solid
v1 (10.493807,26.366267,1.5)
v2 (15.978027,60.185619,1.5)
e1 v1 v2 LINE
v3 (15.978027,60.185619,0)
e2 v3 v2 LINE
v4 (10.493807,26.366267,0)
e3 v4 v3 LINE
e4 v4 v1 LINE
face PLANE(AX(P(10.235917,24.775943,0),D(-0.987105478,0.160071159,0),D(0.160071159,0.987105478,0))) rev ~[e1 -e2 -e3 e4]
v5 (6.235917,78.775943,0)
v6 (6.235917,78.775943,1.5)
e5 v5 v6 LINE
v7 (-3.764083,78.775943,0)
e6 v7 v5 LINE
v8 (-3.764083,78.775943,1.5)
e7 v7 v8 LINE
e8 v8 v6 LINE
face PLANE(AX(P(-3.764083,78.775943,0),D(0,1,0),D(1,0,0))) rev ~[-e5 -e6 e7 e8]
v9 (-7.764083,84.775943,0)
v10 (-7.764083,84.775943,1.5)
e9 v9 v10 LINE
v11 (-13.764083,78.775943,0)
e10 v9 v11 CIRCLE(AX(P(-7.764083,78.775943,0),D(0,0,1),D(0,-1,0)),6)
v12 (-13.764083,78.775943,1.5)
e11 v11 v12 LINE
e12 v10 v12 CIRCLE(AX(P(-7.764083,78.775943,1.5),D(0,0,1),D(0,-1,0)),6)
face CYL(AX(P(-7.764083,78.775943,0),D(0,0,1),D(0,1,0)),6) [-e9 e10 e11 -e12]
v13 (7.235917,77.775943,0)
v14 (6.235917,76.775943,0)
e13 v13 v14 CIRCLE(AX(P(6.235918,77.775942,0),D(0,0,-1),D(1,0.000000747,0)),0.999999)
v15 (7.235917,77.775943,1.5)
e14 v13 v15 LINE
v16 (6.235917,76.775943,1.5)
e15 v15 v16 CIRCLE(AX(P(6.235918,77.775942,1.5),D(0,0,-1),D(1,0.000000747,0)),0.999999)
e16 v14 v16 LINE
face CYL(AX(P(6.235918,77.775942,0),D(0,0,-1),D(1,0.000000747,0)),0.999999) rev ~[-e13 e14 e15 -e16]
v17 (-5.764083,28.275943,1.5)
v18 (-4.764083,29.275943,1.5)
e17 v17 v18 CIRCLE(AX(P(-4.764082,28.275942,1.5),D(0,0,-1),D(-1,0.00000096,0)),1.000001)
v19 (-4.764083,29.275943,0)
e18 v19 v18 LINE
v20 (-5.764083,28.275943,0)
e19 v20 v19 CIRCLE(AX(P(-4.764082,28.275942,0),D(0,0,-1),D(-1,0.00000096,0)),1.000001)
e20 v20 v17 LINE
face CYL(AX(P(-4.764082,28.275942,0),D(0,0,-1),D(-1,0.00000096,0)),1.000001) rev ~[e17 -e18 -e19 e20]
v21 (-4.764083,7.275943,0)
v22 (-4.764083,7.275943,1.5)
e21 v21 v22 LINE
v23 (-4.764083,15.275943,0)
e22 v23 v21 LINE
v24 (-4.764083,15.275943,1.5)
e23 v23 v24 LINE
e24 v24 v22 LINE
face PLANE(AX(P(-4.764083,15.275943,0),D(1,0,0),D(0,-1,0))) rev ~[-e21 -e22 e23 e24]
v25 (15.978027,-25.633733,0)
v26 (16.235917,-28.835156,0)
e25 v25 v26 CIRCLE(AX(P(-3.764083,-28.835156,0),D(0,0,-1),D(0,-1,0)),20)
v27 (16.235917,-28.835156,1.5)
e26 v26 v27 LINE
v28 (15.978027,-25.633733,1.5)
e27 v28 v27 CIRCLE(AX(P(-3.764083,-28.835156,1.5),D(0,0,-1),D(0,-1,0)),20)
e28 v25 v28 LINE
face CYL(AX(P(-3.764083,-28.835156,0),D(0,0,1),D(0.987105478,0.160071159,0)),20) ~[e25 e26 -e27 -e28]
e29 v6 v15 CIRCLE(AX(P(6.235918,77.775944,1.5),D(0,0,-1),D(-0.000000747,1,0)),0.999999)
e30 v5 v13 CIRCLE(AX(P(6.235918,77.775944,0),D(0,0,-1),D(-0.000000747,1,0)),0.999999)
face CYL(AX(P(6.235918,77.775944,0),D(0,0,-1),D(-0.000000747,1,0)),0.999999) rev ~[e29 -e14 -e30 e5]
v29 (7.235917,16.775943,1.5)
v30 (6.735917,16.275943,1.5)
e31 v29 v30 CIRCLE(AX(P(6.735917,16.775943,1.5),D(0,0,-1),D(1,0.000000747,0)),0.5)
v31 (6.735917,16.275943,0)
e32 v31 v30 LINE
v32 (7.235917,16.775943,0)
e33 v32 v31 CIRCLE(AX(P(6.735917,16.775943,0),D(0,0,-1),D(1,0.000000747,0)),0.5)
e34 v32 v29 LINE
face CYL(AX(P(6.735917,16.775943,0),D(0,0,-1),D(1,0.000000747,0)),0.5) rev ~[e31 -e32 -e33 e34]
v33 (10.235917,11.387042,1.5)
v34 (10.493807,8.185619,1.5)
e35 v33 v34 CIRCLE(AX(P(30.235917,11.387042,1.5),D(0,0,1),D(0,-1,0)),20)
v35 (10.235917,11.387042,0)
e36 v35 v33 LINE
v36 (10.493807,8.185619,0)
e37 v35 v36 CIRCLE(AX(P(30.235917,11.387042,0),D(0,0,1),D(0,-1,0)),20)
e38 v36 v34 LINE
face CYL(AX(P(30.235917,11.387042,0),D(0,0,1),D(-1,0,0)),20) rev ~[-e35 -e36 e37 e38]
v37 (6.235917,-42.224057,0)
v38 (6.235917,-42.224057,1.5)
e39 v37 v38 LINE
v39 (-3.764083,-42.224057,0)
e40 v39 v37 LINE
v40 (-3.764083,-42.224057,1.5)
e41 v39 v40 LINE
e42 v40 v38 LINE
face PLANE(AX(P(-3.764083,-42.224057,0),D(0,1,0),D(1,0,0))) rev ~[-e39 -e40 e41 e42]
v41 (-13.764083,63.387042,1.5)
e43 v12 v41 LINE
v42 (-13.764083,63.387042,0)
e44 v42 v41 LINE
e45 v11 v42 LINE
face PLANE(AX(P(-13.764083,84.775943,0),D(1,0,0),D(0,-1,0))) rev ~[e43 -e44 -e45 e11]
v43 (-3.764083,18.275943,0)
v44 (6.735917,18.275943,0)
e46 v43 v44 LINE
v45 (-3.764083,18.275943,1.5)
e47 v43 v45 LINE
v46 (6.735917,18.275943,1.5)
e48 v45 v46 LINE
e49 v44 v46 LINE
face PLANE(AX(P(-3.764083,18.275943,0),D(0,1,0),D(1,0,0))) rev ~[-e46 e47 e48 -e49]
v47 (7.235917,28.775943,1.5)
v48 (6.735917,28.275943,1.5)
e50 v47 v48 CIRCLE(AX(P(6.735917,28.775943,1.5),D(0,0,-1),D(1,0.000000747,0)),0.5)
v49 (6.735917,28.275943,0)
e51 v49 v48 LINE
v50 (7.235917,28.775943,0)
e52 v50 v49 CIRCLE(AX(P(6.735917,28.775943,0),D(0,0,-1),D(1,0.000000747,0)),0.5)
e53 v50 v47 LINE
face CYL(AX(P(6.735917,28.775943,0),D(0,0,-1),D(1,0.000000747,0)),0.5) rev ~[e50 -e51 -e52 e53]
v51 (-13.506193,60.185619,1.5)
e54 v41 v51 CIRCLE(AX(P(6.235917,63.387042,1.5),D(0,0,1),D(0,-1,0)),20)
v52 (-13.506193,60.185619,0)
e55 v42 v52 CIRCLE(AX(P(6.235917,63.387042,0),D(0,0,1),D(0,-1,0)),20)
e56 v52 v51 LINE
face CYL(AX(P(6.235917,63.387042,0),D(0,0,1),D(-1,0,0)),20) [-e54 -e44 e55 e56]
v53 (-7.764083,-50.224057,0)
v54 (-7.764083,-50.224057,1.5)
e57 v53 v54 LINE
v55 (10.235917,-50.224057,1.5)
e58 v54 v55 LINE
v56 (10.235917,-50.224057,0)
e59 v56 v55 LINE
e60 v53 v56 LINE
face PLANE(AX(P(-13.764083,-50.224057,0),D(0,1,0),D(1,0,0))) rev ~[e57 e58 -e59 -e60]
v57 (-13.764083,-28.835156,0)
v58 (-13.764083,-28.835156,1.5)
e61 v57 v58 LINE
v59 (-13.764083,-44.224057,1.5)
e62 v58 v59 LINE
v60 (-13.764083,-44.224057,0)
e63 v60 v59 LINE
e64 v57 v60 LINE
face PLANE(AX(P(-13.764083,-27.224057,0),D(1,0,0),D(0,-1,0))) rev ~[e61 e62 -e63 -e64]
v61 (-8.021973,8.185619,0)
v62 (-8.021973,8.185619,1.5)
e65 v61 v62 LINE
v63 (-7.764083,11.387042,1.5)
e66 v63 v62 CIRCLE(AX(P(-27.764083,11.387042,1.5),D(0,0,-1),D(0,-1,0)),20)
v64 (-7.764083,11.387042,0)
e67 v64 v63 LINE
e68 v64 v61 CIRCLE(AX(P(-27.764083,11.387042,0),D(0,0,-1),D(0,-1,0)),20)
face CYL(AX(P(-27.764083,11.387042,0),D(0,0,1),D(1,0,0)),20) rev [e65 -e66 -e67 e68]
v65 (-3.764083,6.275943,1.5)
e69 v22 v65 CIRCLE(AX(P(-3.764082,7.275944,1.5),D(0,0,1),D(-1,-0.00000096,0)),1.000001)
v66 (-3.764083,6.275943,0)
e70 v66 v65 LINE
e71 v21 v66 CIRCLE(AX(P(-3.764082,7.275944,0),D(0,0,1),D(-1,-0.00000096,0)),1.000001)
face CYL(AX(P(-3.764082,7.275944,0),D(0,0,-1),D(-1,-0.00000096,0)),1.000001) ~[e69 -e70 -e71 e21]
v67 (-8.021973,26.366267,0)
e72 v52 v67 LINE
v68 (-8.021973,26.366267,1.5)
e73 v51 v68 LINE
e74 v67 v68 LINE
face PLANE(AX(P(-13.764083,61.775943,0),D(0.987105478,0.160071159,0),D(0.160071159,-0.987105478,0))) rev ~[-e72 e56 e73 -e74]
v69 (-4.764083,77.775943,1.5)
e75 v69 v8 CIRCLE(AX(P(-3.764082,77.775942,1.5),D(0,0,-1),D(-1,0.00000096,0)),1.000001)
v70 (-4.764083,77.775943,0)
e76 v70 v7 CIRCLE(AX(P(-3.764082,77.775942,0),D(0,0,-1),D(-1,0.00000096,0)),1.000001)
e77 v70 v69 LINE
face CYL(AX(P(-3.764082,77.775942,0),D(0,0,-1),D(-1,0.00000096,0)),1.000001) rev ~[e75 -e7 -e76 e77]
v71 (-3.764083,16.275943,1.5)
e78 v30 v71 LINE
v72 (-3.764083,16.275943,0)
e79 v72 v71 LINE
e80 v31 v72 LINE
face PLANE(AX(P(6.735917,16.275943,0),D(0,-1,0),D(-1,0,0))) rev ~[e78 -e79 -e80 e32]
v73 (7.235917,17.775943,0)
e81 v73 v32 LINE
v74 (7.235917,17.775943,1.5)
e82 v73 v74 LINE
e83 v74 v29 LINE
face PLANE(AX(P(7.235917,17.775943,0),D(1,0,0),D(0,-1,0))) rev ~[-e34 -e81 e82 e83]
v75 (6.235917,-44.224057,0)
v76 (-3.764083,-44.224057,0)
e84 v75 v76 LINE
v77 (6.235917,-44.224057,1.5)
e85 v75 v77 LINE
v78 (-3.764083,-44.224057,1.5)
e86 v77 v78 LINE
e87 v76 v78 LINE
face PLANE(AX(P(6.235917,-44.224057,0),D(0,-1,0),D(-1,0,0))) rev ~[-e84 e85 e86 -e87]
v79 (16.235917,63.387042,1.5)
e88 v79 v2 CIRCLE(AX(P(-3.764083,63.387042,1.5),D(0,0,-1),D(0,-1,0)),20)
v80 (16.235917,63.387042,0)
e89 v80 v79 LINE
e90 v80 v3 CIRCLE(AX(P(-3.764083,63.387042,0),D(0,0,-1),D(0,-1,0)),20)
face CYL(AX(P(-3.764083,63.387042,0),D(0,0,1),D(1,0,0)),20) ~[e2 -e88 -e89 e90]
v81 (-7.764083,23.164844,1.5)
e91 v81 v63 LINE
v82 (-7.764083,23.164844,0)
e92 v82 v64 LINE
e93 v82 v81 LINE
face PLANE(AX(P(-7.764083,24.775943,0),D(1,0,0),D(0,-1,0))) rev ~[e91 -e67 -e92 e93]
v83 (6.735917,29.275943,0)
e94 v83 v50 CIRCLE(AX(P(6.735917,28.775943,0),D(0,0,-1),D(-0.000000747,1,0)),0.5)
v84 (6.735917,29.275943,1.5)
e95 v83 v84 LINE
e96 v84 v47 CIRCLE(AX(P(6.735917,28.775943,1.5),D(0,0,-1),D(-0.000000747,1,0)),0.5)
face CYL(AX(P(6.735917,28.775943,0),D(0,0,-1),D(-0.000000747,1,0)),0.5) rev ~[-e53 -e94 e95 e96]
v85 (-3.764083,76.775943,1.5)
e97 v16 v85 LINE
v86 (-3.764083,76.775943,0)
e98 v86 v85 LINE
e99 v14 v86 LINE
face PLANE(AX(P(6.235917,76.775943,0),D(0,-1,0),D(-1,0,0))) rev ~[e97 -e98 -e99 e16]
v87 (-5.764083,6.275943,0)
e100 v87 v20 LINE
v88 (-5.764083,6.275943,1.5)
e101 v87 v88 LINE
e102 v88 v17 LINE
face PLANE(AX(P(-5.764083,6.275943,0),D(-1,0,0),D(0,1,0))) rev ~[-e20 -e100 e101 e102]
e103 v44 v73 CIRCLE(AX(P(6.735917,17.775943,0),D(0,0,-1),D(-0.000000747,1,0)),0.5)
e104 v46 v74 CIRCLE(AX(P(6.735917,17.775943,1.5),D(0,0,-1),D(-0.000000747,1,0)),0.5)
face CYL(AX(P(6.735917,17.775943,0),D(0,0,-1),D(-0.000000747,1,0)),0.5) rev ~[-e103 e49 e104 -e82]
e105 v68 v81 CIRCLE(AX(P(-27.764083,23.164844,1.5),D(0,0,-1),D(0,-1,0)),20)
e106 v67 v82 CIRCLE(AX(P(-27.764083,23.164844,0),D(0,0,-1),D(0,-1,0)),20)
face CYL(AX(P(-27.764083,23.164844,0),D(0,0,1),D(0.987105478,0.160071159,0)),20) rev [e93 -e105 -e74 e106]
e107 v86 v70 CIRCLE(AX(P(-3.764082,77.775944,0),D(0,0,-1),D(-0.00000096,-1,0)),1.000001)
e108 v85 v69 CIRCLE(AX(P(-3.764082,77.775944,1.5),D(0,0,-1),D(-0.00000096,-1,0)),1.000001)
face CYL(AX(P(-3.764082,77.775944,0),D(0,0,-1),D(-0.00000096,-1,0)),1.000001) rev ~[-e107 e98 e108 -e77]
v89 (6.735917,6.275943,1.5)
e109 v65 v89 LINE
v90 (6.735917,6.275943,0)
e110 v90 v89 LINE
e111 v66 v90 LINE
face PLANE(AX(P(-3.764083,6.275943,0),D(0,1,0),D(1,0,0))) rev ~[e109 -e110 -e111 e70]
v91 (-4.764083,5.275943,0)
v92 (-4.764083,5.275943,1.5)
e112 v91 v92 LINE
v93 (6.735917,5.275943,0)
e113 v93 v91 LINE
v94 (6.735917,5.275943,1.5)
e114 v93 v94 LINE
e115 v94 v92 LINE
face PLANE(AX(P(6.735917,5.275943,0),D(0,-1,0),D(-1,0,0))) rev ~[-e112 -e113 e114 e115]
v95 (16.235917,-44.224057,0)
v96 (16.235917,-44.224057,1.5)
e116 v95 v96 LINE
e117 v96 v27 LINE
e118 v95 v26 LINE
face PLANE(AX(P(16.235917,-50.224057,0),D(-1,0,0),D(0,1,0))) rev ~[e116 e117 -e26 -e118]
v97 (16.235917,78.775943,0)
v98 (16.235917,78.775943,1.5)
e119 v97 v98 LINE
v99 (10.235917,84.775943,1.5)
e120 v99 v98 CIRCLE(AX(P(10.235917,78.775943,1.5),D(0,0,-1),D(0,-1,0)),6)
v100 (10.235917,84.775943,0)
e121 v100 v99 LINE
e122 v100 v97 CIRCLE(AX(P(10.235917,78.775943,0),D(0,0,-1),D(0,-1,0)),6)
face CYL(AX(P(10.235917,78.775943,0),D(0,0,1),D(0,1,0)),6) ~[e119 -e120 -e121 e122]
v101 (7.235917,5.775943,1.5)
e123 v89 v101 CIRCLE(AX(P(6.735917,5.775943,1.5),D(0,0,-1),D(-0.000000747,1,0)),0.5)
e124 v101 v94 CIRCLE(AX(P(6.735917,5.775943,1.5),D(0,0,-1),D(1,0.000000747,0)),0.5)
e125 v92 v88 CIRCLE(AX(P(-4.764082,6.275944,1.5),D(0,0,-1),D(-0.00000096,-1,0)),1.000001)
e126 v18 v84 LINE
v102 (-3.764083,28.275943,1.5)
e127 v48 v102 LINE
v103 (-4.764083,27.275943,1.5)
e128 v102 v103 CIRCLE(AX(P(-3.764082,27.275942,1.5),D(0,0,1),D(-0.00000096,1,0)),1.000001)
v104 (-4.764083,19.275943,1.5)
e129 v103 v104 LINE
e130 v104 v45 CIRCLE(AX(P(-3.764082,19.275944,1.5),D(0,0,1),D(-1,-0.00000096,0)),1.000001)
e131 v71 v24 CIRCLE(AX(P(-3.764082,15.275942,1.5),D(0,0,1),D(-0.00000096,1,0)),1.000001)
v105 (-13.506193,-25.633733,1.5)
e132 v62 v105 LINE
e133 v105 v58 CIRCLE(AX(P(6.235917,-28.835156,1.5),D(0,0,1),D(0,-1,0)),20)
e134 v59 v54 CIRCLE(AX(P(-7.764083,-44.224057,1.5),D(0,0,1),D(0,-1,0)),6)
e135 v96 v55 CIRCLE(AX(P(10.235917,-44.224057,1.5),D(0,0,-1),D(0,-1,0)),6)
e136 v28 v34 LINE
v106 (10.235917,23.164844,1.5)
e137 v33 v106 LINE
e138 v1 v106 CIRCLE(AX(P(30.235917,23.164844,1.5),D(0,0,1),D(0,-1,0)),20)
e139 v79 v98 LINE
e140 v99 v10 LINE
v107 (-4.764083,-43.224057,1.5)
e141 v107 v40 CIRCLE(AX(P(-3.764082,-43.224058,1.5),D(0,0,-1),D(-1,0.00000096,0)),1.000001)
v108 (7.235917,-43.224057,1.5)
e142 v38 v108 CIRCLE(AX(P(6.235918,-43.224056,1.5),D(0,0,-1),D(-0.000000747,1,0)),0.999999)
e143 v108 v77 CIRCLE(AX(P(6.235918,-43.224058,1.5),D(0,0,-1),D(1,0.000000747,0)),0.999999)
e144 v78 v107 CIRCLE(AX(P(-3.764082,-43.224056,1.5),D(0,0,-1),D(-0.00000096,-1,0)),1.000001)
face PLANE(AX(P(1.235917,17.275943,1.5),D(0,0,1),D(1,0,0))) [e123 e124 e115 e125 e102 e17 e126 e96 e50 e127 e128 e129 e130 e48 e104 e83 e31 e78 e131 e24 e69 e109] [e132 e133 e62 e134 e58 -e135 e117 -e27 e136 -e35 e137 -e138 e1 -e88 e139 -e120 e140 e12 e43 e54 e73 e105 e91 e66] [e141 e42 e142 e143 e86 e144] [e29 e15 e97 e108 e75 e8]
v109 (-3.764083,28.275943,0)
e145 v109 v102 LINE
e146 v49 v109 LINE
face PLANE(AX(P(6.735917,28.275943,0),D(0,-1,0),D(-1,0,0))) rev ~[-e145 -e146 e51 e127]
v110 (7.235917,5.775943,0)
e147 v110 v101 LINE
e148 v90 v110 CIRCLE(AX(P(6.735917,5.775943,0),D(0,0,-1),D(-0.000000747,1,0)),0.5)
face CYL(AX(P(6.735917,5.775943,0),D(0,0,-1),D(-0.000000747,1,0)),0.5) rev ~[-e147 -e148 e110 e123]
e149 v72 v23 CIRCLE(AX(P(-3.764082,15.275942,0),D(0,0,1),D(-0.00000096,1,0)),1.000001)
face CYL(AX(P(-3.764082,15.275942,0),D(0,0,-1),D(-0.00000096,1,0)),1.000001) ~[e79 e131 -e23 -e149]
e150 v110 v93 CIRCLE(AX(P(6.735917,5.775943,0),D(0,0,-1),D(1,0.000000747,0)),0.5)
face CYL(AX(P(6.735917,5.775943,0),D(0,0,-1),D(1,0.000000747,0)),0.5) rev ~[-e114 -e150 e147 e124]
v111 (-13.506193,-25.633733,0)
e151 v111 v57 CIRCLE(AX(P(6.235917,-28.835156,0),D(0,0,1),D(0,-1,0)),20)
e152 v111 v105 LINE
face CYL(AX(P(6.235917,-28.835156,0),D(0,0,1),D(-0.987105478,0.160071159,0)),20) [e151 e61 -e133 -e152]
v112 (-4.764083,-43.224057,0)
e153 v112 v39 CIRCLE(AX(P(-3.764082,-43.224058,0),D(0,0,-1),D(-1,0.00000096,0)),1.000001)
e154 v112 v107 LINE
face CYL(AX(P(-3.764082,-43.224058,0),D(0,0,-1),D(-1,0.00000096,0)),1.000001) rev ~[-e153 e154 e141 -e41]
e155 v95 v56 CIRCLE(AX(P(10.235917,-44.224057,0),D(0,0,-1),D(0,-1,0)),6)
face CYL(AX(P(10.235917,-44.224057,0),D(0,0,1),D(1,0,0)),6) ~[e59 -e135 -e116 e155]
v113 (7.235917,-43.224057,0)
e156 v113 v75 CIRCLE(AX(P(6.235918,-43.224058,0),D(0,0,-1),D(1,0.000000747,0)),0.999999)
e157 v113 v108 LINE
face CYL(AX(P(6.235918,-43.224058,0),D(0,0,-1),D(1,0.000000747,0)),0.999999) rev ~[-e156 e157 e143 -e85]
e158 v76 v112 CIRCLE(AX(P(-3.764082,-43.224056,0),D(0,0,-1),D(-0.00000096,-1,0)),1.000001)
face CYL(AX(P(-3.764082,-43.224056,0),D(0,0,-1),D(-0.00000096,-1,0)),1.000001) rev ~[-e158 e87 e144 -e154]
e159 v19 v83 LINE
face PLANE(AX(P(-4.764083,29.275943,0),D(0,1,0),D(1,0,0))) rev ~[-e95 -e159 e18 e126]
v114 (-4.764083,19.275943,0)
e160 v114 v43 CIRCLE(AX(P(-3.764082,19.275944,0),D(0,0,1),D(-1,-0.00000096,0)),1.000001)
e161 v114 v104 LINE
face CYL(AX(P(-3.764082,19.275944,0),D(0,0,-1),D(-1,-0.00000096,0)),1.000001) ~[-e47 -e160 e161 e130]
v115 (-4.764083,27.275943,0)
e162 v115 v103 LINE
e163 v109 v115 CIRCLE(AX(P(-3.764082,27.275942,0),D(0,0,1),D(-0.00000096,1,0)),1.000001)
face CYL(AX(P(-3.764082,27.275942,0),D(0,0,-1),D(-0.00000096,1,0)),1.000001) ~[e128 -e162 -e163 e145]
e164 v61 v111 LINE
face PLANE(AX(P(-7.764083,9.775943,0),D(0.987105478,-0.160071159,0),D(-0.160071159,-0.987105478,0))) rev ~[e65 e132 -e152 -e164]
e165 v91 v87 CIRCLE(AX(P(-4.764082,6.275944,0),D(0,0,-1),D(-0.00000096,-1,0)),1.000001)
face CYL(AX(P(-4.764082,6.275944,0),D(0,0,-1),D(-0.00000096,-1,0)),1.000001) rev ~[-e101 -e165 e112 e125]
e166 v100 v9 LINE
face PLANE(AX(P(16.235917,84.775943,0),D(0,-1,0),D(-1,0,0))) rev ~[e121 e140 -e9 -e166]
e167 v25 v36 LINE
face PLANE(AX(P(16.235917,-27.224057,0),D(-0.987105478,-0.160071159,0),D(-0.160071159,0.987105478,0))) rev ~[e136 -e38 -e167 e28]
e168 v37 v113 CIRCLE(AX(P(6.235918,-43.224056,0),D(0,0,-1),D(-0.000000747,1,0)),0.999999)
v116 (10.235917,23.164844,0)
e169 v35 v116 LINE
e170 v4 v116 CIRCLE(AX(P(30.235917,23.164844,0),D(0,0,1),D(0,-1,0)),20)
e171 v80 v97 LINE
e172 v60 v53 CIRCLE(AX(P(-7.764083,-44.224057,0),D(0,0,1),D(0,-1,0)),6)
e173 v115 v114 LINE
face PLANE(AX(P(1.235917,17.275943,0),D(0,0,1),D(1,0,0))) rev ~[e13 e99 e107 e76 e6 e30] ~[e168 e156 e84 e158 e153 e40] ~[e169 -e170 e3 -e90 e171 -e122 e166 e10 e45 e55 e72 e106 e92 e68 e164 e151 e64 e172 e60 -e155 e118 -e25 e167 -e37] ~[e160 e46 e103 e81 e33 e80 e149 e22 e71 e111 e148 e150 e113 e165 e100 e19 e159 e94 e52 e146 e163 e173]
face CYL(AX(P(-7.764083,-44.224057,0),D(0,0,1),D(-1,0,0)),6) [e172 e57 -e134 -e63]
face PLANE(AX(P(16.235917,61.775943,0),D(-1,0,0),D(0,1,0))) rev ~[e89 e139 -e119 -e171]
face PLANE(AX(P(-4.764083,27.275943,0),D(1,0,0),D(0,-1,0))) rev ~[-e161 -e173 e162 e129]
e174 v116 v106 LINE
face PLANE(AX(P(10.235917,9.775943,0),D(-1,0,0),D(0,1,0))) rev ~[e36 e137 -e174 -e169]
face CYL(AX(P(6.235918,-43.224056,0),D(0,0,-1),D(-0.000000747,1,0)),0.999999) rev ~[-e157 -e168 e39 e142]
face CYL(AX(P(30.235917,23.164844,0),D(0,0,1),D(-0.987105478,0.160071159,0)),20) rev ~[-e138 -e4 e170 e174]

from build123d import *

# Parameters (mm, degrees)
F1_DEPTH = 1.5
F2_R     = 6
F3_R     = 20


with BuildPart() as f1:
    # F0 (on Top) → F1 (new body)
    with BuildSketch(Plane.XY):
        Polygon((16.235917, 84.775943), (-13.764083, 84.775943), (-13.764083, 61.775943), (-7.764083, 24.775943), (-7.764083, 9.775943), (-13.764083, -27.224057), (-13.764083, -50.224057), (16.235917, -50.224057), (16.235917, -27.224057), (10.235917, 9.775943), (10.235917, 24.775943), (16.235917, 61.775943), align=None)
        with BuildLine():
            ThreePointArc((-4.764083, -43.224057), (-4.471189, -42.51695), (-3.764083, -42.224057))
            Line((-3.764083, -42.224057), (6.235917, -42.224057))
            ThreePointArc((6.235917, -42.224057), (6.943024, -42.51695), (7.235917, -43.224057))
            ThreePointArc((7.235917, -43.224057), (6.943024, -43.931164), (6.235917, -44.224057))
            Line((6.235917, -44.224057), (-3.764083, -44.224057))
            ThreePointArc((-3.764083, -44.224057), (-4.471189, -43.931164), (-4.764083, -43.224057))
        make_face(mode=Mode.SUBTRACT)
        with BuildLine():
            Line((6.735917, 28.275943), (-3.764083, 28.275943))
            ThreePointArc((-3.764083, 28.275943), (-4.471189, 27.98305), (-4.764083, 27.275943))
            Line((-4.764083, 27.275943), (-4.764083, 19.275943))
            ThreePointArc((-4.764083, 19.275943), (-4.471189, 18.568836), (-3.764083, 18.275943))
            Line((-3.764083, 18.275943), (6.735917, 18.275943))
            ThreePointArc((6.735917, 18.275943), (7.089471, 18.129496), (7.235917, 17.775943))
            Line((7.235917, 17.775943), (7.235917, 17.275943))
            Line((7.235917, 17.275943), (7.235917, 16.775943))
            ThreePointArc((7.235917, 16.775943), (7.089471, 16.42239), (6.735917, 16.275943))
            Line((6.735917, 16.275943), (-3.764083, 16.275943))
            ThreePointArc((-3.764083, 16.275943), (-4.471189, 15.98305), (-4.764083, 15.275943))
            Line((-4.764083, 15.275943), (-4.764083, 7.275943))
            ThreePointArc((-4.764083, 7.275943), (-4.471189, 6.568836), (-3.764083, 6.275943))
            Line((-3.764083, 6.275943), (6.735917, 6.275943))
            ThreePointArc((6.735917, 6.275943), (7.089471, 6.129496), (7.235917, 5.775943))
            ThreePointArc((7.235917, 5.775943), (7.089471, 5.42239), (6.735917, 5.275943))
            Line((6.735917, 5.275943), (-4.764083, 5.275943))
            ThreePointArc((-4.764083, 5.275943), (-5.471189, 5.568836), (-5.764083, 6.275943))
            Line((-5.764083, 6.275943), (-5.764083, 16.775943))
            Line((-5.764083, 16.775943), (-5.764083, 17.775943))
            Line((-5.764083, 17.775943), (-5.764083, 28.275943))
            ThreePointArc((-5.764083, 28.275943), (-5.471189, 28.98305), (-4.764083, 29.275943))
            Line((-4.764083, 29.275943), (6.735917, 29.275943))
            ThreePointArc((6.735917, 29.275943), (7.089471, 29.129496), (7.235917, 28.775943))
            ThreePointArc((7.235917, 28.775943), (7.089471, 28.42239), (6.735917, 28.275943))
        make_face(mode=Mode.SUBTRACT)
        with BuildLine():
            Line((6.235917, 76.775943), (-3.764083, 76.775943))
            ThreePointArc((-3.764083, 76.775943), (-4.471189, 77.068836), (-4.764083, 77.775943))
            ThreePointArc((-4.764083, 77.775943), (-4.471189, 78.48305), (-3.764083, 78.775943))
            Line((-3.764083, 78.775943), (6.235917, 78.775943))
            ThreePointArc((6.235917, 78.775943), (6.943024, 78.48305), (7.235917, 77.775943))
            ThreePointArc((7.235917, 77.775943), (6.943024, 77.068836), (6.235917, 76.775943))
        make_face(mode=Mode.SUBTRACT)
    extrude(amount=F1_DEPTH)

    # F2
    f2_edges = [f1.edges().sort_by_distance(p)[0] for p in [
        (16.235917, 84.775943, 0.75),
        (-13.764083, 84.775943, 0.75),
        (-13.764083, -50.224057, 0.75),
        (16.235917, -50.224057, 0.75),
    ]]
    fillet(f2_edges, radius=F2_R)

    # F3
    f3_edges = [f1.edges().sort_by_distance(p)[0] for p in [
        (16.235917, 61.775943, 0.75),
        (-13.764083, 61.775943, 0.75),
        (16.235917, -27.224057, 0.75),
        (-13.764083, -27.224057, 0.75),
        (-7.764083, 9.775943, 0.75),
        (10.235917, 9.775943, 0.75),
        (10.235917, 24.775943, 0.75),
        (-7.764083, 24.775943, 0.75),
    ]]
    fillet(f3_edges, radius=F3_R)


solid = f1.part
